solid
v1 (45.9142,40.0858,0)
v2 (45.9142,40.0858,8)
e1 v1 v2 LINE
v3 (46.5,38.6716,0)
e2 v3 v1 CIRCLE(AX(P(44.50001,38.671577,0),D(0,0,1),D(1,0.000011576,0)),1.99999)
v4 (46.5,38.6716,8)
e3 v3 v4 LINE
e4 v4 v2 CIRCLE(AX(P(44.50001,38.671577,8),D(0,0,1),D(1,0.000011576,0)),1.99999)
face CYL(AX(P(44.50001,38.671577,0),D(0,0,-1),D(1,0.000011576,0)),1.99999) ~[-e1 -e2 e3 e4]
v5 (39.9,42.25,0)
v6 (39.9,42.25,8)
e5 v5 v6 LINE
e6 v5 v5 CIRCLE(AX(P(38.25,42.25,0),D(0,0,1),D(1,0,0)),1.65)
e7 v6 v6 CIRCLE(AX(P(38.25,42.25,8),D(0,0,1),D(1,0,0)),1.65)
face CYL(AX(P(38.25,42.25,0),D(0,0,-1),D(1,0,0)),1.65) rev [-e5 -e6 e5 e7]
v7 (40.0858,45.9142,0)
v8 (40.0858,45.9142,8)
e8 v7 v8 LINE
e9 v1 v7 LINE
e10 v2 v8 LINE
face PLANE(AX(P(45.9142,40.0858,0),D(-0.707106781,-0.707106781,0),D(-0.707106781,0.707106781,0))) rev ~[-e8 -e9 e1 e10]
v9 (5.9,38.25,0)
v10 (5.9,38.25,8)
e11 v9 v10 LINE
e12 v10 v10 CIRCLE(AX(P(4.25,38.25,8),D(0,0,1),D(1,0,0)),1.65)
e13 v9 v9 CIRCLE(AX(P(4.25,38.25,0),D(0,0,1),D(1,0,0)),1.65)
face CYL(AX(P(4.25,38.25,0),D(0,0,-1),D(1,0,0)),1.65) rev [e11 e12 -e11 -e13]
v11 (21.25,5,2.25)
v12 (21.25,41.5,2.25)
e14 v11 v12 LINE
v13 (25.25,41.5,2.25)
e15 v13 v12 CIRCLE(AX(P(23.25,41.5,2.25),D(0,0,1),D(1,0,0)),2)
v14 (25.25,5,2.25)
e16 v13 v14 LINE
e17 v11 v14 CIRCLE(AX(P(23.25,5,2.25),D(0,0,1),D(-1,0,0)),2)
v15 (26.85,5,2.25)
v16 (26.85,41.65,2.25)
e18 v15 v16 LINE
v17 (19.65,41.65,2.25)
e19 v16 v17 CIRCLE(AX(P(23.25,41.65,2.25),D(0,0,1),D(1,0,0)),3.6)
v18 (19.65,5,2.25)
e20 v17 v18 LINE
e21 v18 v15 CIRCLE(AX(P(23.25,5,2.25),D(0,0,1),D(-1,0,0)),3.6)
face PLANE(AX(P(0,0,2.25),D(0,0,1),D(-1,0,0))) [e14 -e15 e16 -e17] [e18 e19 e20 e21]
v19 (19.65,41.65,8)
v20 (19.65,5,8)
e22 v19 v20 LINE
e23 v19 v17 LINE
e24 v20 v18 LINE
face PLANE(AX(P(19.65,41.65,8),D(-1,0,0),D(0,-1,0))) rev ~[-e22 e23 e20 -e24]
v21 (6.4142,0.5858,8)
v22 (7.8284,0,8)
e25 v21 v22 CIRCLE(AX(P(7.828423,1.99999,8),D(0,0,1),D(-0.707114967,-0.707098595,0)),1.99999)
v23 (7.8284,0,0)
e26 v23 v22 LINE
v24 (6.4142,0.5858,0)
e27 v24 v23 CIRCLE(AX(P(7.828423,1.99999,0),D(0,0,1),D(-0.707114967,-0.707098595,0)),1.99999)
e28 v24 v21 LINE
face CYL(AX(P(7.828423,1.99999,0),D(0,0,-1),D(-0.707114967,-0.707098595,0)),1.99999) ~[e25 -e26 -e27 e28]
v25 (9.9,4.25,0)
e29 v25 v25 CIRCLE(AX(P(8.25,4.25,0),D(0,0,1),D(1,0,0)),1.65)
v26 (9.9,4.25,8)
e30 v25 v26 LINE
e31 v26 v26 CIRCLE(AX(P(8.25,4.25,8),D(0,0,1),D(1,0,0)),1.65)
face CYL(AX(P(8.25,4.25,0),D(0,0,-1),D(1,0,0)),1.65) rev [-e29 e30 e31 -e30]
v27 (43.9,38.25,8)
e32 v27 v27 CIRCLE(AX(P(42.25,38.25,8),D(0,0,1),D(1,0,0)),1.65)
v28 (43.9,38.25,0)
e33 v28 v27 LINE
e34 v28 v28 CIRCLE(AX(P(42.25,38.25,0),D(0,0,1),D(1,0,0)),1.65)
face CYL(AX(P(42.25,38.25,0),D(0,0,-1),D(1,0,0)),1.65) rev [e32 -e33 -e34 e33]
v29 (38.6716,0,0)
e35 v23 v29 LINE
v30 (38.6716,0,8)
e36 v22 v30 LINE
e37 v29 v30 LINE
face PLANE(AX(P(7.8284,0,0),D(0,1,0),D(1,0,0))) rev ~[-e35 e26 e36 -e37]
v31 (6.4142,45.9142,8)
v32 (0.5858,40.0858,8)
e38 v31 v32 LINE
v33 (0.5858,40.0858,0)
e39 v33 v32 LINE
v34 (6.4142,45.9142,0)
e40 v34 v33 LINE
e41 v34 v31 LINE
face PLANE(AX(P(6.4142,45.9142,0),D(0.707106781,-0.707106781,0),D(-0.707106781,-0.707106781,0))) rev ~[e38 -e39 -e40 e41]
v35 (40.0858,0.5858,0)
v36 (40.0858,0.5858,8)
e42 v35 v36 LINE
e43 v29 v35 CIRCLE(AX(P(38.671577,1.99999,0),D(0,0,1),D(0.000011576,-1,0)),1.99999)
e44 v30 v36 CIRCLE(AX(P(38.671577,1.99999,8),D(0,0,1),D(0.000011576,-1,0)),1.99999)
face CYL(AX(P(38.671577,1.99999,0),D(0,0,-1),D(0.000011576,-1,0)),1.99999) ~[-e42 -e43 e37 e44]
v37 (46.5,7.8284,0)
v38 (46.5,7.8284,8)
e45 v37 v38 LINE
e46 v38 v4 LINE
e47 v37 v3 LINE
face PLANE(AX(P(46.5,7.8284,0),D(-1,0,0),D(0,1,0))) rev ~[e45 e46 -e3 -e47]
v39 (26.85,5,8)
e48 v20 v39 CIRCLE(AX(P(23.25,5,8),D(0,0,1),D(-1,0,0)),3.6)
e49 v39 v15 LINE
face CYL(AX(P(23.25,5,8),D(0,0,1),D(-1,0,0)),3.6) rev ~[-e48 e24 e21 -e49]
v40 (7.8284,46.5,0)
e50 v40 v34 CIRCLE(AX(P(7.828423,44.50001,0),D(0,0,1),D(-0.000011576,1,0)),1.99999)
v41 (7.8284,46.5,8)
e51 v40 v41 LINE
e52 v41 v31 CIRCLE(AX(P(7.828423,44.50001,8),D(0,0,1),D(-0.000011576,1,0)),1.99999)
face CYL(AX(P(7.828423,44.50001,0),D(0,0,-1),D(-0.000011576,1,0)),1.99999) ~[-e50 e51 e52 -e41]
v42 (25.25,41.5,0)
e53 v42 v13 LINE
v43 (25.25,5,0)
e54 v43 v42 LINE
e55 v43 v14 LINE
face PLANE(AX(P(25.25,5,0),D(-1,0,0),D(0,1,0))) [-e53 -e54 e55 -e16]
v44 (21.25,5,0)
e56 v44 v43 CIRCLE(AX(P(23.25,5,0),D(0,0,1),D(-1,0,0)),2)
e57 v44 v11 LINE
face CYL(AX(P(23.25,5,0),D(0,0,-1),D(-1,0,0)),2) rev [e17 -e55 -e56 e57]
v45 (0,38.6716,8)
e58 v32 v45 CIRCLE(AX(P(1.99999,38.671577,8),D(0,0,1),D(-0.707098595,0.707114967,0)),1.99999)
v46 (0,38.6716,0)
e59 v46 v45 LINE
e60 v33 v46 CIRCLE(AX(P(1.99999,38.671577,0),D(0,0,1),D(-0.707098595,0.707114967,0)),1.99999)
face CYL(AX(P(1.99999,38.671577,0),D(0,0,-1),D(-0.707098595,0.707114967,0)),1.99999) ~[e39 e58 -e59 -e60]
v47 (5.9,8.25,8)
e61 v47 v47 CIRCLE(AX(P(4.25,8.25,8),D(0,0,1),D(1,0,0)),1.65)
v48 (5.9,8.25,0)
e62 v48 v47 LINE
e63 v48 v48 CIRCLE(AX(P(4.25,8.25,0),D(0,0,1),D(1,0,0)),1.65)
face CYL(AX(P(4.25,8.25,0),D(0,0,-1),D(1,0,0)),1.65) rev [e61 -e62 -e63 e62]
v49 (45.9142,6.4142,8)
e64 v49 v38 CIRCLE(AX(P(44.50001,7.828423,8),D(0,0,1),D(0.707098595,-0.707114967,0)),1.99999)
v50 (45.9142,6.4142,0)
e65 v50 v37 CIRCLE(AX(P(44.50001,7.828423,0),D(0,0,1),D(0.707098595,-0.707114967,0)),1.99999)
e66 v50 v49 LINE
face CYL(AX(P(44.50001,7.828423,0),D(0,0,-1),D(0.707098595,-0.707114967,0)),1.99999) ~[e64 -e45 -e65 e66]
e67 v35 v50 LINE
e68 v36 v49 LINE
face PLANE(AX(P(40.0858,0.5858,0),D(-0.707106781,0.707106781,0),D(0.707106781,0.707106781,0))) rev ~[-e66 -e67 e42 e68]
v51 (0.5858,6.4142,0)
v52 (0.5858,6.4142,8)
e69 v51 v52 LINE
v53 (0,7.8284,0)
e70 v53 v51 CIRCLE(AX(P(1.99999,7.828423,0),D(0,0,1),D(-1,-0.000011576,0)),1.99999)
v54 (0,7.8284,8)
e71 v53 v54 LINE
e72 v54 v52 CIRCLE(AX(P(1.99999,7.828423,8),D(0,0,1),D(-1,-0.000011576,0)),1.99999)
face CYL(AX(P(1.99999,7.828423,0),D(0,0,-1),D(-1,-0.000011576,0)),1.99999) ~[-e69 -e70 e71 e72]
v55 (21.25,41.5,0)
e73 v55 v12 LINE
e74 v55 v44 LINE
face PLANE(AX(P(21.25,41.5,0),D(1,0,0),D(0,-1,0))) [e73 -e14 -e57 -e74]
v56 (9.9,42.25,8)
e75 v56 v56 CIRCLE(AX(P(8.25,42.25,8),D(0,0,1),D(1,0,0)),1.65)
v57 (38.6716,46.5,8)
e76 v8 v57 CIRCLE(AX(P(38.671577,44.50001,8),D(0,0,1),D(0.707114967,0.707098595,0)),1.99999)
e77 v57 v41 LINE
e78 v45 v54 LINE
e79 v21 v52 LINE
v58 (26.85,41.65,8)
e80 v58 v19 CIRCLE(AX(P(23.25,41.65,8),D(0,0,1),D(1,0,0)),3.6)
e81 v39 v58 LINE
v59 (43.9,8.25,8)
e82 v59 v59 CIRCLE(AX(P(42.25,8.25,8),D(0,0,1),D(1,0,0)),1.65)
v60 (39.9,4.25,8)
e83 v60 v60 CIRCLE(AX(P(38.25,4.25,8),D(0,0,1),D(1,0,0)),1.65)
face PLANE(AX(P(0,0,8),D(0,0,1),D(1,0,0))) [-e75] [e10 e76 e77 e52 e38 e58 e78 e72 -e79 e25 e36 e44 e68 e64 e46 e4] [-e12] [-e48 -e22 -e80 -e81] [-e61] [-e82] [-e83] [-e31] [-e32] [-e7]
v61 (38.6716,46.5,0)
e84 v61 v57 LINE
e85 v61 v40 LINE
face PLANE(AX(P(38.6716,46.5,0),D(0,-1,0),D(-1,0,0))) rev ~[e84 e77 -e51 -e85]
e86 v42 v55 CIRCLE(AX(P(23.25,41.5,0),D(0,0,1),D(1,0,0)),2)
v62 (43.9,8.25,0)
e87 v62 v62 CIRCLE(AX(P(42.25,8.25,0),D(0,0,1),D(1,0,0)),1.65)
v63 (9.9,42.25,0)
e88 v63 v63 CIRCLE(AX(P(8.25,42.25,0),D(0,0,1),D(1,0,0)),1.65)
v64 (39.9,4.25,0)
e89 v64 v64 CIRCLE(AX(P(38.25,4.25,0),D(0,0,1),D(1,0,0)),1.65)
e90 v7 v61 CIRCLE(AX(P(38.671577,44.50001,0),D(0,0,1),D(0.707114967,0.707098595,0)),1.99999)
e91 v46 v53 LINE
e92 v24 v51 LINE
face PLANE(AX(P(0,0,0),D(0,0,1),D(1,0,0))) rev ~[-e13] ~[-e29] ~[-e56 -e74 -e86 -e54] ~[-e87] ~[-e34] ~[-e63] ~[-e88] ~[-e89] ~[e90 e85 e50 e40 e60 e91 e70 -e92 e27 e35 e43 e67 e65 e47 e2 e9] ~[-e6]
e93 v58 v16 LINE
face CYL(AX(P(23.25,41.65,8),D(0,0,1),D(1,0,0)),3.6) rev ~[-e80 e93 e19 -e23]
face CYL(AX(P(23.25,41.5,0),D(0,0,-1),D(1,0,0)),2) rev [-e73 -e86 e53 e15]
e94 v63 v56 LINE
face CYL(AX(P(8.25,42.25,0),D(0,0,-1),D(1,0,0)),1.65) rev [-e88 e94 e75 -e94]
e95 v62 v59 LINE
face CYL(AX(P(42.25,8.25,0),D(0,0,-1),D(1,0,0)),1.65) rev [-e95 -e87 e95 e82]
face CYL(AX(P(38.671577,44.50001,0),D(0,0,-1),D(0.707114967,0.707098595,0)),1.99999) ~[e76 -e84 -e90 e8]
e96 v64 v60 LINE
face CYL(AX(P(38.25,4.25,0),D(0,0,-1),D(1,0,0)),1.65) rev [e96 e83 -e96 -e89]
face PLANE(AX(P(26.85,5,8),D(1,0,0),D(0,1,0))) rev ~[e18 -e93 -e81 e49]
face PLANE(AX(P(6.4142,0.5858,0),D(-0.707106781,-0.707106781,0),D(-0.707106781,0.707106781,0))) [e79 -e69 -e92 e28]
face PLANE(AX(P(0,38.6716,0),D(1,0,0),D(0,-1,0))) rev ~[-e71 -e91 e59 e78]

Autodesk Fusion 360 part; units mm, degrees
sketch "Esquisse1" plane through (0, 0, 0) normal (0, 0, 1) x (1, 0, 0)
  line L0 (7.8284, 0) -> (38.6716, 0)
  line L1 (46.5, 7.8284) -> (46.5, 38.6716)
  line L2 (38.6716, 46.5) -> (7.8284, 46.5)
  line L3 (0, 38.6716) -> (0, 7.8284)
  circle A0 centre (8.25, 4.25) radius 1.65
  circle A1 centre (38.25, 4.25) radius 1.65
  circle A2 centre (8.25, 42.25) radius 1.65
  circle A3 centre (38.25, 42.25) radius 1.65
  circle A4 centre (4.25, 8.25) radius 1.65
  circle A5 centre (42.25, 8.25) radius 1.65
  circle A6 centre (4.25, 38.25) radius 1.65
  circle A7 centre (42.25, 38.25) radius 1.65
  line L4 (40.0858, 0.5858) -> (45.9142, 6.4142)
  line L5 (6.4142, 0.5858) -> (0.5858, 6.4142)
  line L6 (45.9142, 40.0858) -> (40.0858, 45.9142)
  line L7 (6.4142, 45.9142) -> (0.5858, 40.0858)
  arc A8 (46.5, 38.6716) -> (45.9142, 40.0858) centre (44.5, 38.6716) ccw
  arc A9 (40.0858, 45.9142) -> (38.6716, 46.5) centre (38.6716, 44.5) ccw
  arc A10 (7.8284, 46.5) -> (6.4142, 45.9142) centre (7.8284, 44.5) ccw
  arc A11 (0.5858, 40.0858) -> (0, 38.6716) centre (2, 38.6716) ccw
  arc A12 (0, 7.8284) -> (0.5858, 6.4142) centre (2, 7.8284) ccw
  arc A13 (6.4142, 0.5858) -> (7.8284, 0) centre (7.8284, 2) ccw
  arc A14 (38.6716, 0) -> (40.0858, 0.5858) centre (38.6716, 2) ccw
  arc A15 (45.9142, 6.4142) -> (46.5, 7.8284) centre (44.5, 7.8284) ccw
  line L8 (19.5, 41.5) -> (19.5, 5)
  arc A16 (19.5, 5) -> (27, 5) centre (23.25, 5) ccw
  line L9 (27, 5) -> (27, 41.5)
  arc A17 (27, 41.5) -> (19.5, 41.5) centre (23.25, 41.5) ccw
  line L10 (23.25, 45.25) -> (23.25, 1.25) construction
  line L11 (21.25, 41.5) -> (21.25, 5)
  arc A18 (21.25, 5) -> (25.25, 5) centre (23.25, 5) ccw
  line L12 (25.25, 5) -> (25.25, 41.5)
  arc A19 (25.25, 41.5) -> (21.25, 41.5) centre (23.25, 41.5) ccw
  line L13 (23.25, 41.5) -> (23.25, 5) construction
  point P0 (46.5, 0)
  point P1 (46.5, 46.5)
  point P2 (0, 46.5)
  point P3 (39.5, 0)
  point P4 (46.5, 7)
  point P5 (7, 0)
  point P6 (0, 7)
  point P7 (46.5, 39.5)
  point P8 (39.5, 46.5)
  point P9 (7, 46.5)
  point P10 (0, 39.5)
  dimension "d1" = 46.5
  dimension "d2" = 46.5
  dimension "d3" = 3.3
  dimension "d4" = 4.25
  dimension "d5" = 8.25
  dimension "d8" = 30
  dimension "d9" = 38
  dimension "d10" = 3.3
  dimension "d11" = 8.25
  dimension "d12" = 4.25
  dimension "d15" = 38
  dimension "d16" = 30
  dimension "d17" = 7
  dimension "d18" = 7
  dimension "d19" = 7
  dimension "d20" = 7
  dimension "d21" = 7
  dimension "d22" = 7
  dimension "d23" = 7
  dimension "d24" = 7
  dimension "d25" = 2
  dimension "d26" = 7.5
  dimension "d27" = 44
  dimension "d28" = 23.25
  dimension "d29" = 1.25
  dimension "d30" = 4
extrude "Extrusion1" add sketch "Esquisse1" along normal blind 8 contours L0 L1 L2 L3 L4 L5 L6 L7 A8 A9 A10 A11 A12 A13 A14 A15 | L8 A16 L9 A17
sketch "Esquisse2" plane through (0, 0, 8) normal (0, 0, 1) x (-1, 0, 0)
  circle A0 centre (-38.25, -4.25) radius 1.65
  circle A1 centre (-38.25, -42.25) radius 1.65
  arc A2 (-25.25, -41.5) -> (-21.25, -41.5) centre (-23.25, -41.5) ccw
  line L0 (-25.25, -41.5) -> (-25.25, -5)
  arc A3 (-21.25, -5) -> (-25.25, -5) centre (-23.25, -5) ccw
  line L1 (-21.25, -5) -> (-21.25, -41.5)
  circle A4 centre (-4.25, -38.25) radius 1.65
  circle A5 centre (-42.25, -38.25) radius 1.65
  circle A6 centre (-4.25, -8.25) radius 1.65
  circle A7 centre (-42.25, -8.25) radius 1.65
  circle A8 centre (-8.25, -42.25) radius 1.65
  circle A9 centre (-8.25, -4.25) radius 1.65
  arc A10 (-6.4142, -0.5858) -> (-7.8284, 0) centre (-7.8284, -2) ccw
  line L2 (-7.8284, 0) -> (-38.6716, 0)
  arc A11 (-38.6716, 0) -> (-40.0858, -0.5858) centre (-38.6716, -2) ccw
  line L3 (-40.0858, -0.5858) -> (-45.9142, -6.4142)
  arc A12 (-45.9142, -6.4142) -> (-46.5, -7.8284) centre (-44.5, -7.8284) ccw
  line L4 (-46.5, -7.8284) -> (-46.5, -38.6716)
  arc A13 (-46.5, -38.6716) -> (-45.9142, -40.0858) centre (-44.5, -38.6716) ccw
  line L5 (-45.9142, -40.0858) -> (-40.0858, -45.9142)
  arc A14 (-40.0858, -45.9142) -> (-38.6716, -46.5) centre (-38.6716, -44.5) ccw
  line L6 (-38.6716, -46.5) -> (-7.8284, -46.5)
  arc A15 (-7.8284, -46.5) -> (-6.4142, -45.9142) centre (-7.8284, -44.5) ccw
  line L7 (-6.4142, -45.9142) -> (-0.5858, -40.0858)
  arc A16 (-0.5858, -40.0858) -> (0, -38.6716) centre (-2, -38.6716) ccw
  line L8 (0, -38.6716) -> (0, -7.8284)
  arc A17 (0, -7.8284) -> (-0.5858, -6.4142) centre (-2, -7.8284) ccw
  line L9 (-0.5858, -6.4142) -> (-6.4142, -0.5858)
  line L10 (-19.65, -41.65) -> (-19.65, -5)
  arc A18 (-19.65, -5) -> (-26.85, -5) centre (-23.25, -5) ccw
  line L11 (-26.85, -5) -> (-26.85, -41.65)
  arc A19 (-26.85, -41.65) -> (-19.65, -41.65) centre (-23.25, -41.65) ccw
  line L12 (-23.25, -45.25) -> (-23.25, -1.4) construction
  dimension "d33" = 7.2
  dimension "d34" = 1.25
  dimension "d35" = 23.25
extrude "Extrusion2" cut sketch "Esquisse2" against normal blind 5.75 contours L10 A18 L11 A19
equation "d18 = d17"
equation "d20 = d19"
equation "d22 = d21"
equation "d24 = d23"
equation "d28 = ( 46.5 / 2 ) * 1 mm"
equation "d29 = ( 2.5 / 2 ) * 1 mm"
